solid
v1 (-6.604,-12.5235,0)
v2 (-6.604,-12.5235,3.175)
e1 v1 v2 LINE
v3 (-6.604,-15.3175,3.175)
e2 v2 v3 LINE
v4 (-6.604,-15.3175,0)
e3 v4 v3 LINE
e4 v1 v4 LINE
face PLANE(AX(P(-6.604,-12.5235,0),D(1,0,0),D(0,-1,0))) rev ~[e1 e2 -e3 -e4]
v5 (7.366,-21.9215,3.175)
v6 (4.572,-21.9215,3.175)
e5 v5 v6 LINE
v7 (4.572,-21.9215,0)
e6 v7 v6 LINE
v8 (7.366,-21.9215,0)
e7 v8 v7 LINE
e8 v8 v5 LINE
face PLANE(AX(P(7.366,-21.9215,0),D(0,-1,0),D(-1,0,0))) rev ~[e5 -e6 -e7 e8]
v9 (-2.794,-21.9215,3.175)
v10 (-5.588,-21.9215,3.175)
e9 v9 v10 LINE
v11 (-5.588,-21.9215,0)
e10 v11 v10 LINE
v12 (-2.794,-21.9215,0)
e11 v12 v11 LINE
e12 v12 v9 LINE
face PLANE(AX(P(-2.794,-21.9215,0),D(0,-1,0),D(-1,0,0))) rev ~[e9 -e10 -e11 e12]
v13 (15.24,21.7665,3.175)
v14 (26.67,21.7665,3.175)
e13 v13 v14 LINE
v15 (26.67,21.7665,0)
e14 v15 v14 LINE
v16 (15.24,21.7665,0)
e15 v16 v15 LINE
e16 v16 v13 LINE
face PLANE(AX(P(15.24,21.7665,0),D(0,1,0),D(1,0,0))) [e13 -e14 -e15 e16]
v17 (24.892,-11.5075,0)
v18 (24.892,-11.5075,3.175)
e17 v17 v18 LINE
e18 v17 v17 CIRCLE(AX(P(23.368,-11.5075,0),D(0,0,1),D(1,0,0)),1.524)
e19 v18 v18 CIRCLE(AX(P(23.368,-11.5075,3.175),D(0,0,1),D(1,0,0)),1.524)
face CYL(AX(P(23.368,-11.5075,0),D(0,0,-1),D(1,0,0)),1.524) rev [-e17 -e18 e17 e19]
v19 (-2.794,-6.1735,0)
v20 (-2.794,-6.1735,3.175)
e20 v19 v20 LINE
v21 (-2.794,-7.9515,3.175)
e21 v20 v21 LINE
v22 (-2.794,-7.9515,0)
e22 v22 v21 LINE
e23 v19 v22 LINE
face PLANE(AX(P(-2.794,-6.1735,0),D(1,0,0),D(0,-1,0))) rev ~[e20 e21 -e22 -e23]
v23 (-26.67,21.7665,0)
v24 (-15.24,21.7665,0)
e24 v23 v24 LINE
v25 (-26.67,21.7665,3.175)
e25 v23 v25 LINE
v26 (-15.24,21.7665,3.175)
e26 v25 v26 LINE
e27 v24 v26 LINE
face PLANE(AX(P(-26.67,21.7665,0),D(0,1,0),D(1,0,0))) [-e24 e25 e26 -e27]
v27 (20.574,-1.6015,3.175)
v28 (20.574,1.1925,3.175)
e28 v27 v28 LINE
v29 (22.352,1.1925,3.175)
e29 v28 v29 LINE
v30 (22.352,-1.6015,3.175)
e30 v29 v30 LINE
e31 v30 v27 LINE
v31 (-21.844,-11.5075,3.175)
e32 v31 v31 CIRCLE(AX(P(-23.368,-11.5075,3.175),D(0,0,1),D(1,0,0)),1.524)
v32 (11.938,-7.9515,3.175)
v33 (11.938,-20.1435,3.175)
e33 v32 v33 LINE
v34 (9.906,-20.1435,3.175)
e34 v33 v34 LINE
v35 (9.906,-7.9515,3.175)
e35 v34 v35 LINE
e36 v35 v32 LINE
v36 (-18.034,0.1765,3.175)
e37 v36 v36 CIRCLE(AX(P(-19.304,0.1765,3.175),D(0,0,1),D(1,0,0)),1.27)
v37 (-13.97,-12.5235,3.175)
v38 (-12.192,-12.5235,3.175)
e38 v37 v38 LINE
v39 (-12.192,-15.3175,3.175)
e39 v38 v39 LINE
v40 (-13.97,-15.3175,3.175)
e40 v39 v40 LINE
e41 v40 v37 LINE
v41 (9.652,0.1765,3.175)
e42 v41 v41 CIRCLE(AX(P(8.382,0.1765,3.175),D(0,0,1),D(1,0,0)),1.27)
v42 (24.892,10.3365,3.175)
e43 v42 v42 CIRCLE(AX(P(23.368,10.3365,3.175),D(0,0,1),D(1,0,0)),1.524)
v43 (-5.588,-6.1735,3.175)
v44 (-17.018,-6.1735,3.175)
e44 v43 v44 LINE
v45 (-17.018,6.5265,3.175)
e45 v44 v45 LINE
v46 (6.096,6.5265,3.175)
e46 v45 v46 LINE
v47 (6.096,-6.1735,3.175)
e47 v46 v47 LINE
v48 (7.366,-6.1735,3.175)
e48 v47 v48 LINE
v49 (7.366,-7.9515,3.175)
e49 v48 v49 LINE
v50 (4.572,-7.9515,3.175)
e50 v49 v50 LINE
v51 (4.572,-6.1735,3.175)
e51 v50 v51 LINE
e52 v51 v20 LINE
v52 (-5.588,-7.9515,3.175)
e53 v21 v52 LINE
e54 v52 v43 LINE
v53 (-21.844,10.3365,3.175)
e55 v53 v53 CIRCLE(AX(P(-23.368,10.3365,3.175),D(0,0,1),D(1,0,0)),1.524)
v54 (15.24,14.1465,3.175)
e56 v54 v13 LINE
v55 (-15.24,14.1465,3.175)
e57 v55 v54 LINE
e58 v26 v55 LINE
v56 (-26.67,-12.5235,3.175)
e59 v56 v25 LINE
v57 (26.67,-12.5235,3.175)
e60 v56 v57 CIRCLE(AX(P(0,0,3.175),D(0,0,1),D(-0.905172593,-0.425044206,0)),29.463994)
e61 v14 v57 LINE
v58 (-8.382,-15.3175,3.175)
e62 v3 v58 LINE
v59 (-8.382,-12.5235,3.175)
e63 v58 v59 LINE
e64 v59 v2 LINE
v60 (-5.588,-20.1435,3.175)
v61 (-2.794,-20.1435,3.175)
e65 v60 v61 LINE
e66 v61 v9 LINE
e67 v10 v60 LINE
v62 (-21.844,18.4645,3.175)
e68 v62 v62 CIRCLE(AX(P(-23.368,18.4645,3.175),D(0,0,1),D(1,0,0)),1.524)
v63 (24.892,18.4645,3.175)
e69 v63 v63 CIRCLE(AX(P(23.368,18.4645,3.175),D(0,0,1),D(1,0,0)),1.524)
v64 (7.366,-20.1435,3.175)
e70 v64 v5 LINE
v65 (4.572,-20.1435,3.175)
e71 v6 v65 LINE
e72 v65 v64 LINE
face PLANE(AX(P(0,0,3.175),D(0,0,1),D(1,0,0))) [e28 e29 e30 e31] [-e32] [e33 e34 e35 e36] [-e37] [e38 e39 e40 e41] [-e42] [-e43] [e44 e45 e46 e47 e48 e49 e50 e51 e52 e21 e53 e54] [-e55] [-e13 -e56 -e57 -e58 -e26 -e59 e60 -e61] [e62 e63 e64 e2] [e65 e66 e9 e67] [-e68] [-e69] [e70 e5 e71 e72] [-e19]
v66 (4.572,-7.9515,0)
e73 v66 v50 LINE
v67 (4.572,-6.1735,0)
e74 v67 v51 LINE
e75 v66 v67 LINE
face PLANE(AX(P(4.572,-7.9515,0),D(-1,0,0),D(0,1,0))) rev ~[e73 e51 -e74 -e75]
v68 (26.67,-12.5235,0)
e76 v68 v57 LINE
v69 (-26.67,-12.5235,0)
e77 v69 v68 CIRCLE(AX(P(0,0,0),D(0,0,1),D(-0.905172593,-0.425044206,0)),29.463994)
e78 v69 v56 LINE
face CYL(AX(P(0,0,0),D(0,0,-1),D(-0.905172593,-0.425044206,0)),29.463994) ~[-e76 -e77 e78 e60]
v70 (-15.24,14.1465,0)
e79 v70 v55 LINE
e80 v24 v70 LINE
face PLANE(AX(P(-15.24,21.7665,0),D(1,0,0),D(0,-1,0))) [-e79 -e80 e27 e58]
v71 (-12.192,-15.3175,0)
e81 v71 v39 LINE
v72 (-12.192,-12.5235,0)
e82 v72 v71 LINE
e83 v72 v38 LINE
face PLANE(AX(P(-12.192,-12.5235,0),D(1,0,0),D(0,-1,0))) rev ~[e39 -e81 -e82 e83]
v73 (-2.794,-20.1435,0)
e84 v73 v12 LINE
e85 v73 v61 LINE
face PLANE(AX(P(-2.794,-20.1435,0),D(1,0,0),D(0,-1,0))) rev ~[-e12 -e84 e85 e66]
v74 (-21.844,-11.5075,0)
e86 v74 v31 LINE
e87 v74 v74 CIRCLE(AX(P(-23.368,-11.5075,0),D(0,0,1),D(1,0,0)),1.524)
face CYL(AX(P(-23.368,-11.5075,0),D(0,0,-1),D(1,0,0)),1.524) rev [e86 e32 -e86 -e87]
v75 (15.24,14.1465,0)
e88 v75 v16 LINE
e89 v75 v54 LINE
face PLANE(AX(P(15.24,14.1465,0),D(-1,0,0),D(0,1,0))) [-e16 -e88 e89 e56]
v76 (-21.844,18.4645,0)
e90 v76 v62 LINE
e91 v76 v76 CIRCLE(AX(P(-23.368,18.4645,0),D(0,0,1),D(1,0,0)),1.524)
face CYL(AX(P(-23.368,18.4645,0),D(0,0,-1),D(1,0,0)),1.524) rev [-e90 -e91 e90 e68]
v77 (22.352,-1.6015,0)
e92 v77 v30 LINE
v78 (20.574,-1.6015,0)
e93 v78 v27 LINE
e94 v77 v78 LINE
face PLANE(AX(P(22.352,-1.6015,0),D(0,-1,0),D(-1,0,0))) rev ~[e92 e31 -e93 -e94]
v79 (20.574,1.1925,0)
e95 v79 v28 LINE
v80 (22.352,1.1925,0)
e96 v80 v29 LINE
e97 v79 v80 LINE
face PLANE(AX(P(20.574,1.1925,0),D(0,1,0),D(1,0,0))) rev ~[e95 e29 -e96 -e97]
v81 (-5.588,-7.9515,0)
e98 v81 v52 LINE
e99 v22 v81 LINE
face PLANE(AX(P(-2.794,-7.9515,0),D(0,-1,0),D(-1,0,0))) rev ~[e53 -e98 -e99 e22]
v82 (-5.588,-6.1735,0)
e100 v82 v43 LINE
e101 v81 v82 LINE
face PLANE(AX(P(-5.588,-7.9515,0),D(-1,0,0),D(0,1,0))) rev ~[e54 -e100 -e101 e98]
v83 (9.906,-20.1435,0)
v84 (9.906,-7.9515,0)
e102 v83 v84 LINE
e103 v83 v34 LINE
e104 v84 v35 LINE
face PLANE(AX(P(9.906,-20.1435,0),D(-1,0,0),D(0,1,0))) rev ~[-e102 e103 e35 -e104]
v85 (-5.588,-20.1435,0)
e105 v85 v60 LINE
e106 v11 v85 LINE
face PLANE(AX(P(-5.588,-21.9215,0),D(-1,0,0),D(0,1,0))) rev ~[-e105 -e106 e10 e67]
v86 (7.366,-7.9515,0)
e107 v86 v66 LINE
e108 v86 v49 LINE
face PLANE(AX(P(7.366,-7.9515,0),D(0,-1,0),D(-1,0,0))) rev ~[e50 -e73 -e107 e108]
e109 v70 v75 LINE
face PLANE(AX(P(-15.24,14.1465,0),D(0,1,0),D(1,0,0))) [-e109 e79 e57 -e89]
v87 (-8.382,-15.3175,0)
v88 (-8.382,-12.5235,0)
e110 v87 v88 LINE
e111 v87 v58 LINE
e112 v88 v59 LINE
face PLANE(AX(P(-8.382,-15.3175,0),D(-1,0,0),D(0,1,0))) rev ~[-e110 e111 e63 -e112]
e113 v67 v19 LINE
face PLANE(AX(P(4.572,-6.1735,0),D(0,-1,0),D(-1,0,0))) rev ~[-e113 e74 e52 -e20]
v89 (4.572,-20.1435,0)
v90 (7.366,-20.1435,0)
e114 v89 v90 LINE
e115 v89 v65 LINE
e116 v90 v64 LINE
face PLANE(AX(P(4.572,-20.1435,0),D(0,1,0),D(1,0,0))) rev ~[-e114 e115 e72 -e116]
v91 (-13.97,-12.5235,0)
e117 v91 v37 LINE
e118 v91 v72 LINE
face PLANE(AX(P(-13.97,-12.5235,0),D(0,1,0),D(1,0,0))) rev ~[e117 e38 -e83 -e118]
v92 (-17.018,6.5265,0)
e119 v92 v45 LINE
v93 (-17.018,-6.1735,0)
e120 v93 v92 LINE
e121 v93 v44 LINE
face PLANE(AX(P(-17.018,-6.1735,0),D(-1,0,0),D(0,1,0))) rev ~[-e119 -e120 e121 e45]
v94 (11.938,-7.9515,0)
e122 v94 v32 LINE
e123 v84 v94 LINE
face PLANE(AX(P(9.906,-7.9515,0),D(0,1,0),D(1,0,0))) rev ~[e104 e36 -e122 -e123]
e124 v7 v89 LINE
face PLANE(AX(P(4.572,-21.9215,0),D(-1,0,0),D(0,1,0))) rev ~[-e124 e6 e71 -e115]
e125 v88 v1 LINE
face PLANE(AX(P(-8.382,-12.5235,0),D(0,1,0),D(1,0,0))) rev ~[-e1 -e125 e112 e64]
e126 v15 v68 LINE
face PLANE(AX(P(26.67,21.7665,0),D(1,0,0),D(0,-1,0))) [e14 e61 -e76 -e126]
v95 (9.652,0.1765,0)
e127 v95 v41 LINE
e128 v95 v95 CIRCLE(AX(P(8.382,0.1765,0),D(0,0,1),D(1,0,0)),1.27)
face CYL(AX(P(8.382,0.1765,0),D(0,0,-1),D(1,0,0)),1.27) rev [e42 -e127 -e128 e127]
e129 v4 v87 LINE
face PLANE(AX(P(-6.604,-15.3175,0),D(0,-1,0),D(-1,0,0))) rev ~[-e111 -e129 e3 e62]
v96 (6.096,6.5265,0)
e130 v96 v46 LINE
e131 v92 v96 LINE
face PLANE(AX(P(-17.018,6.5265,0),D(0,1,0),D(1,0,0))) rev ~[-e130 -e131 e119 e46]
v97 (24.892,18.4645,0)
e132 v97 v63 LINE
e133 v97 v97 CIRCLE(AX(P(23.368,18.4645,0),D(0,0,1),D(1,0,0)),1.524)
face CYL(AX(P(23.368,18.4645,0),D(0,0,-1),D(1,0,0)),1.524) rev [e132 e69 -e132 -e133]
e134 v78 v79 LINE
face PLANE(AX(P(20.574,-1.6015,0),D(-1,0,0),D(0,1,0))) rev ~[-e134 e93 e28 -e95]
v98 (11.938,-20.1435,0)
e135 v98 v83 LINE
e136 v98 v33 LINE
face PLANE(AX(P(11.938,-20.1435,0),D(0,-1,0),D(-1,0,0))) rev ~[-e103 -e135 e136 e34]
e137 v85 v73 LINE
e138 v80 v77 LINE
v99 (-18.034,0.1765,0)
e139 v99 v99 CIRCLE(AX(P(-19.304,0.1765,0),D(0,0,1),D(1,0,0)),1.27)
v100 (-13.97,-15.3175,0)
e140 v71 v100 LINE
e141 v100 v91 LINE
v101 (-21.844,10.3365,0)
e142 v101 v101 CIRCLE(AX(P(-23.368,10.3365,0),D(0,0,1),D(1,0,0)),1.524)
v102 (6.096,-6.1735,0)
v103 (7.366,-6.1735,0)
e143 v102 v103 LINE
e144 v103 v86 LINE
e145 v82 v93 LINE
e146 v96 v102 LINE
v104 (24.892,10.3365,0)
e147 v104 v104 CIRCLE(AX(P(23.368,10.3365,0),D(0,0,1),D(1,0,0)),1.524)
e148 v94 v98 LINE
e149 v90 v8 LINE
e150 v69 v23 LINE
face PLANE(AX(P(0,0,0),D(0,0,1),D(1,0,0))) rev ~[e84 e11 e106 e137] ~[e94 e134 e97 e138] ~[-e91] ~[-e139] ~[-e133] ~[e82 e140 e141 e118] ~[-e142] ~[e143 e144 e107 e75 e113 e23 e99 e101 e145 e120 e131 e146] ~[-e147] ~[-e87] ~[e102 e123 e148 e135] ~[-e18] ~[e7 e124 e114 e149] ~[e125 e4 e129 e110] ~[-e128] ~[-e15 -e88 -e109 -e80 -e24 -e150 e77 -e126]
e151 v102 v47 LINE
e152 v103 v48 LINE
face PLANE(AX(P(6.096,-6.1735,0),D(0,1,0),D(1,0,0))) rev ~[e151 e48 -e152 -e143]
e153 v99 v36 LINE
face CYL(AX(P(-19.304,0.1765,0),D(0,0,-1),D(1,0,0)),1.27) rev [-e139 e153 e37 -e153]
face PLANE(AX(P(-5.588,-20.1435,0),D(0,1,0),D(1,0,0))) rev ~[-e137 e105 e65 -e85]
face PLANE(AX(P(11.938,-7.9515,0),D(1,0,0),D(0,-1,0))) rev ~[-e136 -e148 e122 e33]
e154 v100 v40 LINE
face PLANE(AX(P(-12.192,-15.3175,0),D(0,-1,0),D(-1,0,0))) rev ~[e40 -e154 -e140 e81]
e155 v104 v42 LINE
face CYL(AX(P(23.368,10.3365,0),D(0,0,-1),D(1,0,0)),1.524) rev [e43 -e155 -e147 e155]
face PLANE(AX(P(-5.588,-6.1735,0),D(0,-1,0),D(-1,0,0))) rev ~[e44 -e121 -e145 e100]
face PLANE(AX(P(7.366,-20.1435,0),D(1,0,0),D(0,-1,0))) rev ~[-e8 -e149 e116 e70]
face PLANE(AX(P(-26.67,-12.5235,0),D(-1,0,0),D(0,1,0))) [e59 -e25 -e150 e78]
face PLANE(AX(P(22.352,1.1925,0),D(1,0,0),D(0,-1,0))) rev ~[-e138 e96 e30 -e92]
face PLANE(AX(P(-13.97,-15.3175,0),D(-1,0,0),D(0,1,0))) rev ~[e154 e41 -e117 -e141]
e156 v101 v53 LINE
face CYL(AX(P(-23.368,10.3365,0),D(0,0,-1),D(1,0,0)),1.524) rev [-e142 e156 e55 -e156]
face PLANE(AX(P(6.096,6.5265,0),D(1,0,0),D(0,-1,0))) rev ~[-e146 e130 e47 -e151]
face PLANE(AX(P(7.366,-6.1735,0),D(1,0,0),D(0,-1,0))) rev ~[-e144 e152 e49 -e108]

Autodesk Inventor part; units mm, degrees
ref_plane "YZ Plane" through (0, 0, 0) normal (1, 0, 0) x (0, 1, 0)
ref_plane "XZ Plane" through (0, 0, 0) normal (0, 1, 0) x (-1, 0, 0)
ref_plane "XY Plane" through (0, 0, 0) normal (0, 0, 1) x (1, 0, 0)
sketch "Sketch1" plane through (0, 0, 0) normal (0, 0, 1) x (1, 0, 0)
  arc A0 (-26.67, -12.5235) -> (26.67, -12.5235) centre (0, 0) ccw
  line L0 (-26.67, -12.5235) -> (-26.67, 21.7665)
  line L1 (-26.67, 21.7665) -> (-15.24, 21.7665)
  line L2 (-15.24, 21.7665) -> (-15.24, 14.1465)
  line L3 (-15.24, 14.1465) -> (15.24, 14.1465)
  line L4 (15.24, 14.1465) -> (15.24, 21.7665)
  line L5 (15.24, 21.7665) -> (26.67, 21.7665)
  line L6 (26.67, 21.7665) -> (26.67, -12.5235)
  line L7 (-17.018, 6.5265) -> (6.096, 6.5265)
  line L8 (6.096, 6.5265) -> (6.096, -6.1735)
  line L9 (6.096, -6.1735) -> (-17.018, -6.1735)
  line L10 (-17.018, -6.1735) -> (-17.018, 6.5265)
  line L11 (-5.588, -6.1735) -> (-2.794, -6.1735)
  line L12 (-2.794, -6.1735) -> (-2.794, -7.9515)
  line L13 (-2.794, -7.9515) -> (-5.588, -7.9515)
  line L14 (-5.588, -7.9515) -> (-5.588, -6.1735)
  line L15 (4.572, -6.1735) -> (7.366, -6.1735)
  line L16 (7.366, -6.1735) -> (7.366, -7.9515)
  line L17 (7.366, -7.9515) -> (4.572, -7.9515)
  line L18 (4.572, -7.9515) -> (4.572, -6.1735)
  line L19 (9.906, -7.9515) -> (11.938, -7.9515)
  line L20 (11.938, -7.9515) -> (11.938, -20.1435)
  line L21 (11.938, -20.1435) -> (9.906, -20.1435)
  line L22 (9.906, -20.1435) -> (9.906, -7.9515)
  line L23 (-5.588, -20.1435) -> (-2.794, -20.1435)
  line L24 (-2.794, -20.1435) -> (-2.794, -21.9215)
  line L25 (-2.794, -21.9215) -> (-5.588, -21.9215)
  line L26 (-5.588, -21.9215) -> (-5.588, -20.1435)
  line L27 (-8.382, -12.5235) -> (-6.604, -12.5235)
  line L28 (-6.604, -12.5235) -> (-6.604, -15.3175)
  line L29 (-6.604, -15.3175) -> (-8.382, -15.3175)
  line L30 (-8.382, -15.3175) -> (-8.382, -12.5235)
  line L31 (-13.97, -12.5235) -> (-12.192, -12.5235)
  line L32 (-12.192, -12.5235) -> (-12.192, -15.3175)
  line L33 (-12.192, -15.3175) -> (-13.97, -15.3175)
  line L34 (-13.97, -15.3175) -> (-13.97, -12.5235)
  line L35 (20.574, 1.1925) -> (22.352, 1.1925)
  line L36 (22.352, 1.1925) -> (22.352, -1.6015)
  line L37 (22.352, -1.6015) -> (20.574, -1.6015)
  line L38 (20.574, -1.6015) -> (20.574, 1.1925)
  line L39 (4.572, -20.1435) -> (7.366, -20.1435)
  line L40 (7.366, -20.1435) -> (7.366, -21.9215)
  line L41 (7.366, -21.9215) -> (4.572, -21.9215)
  line L42 (4.572, -21.9215) -> (4.572, -20.1435)
  circle A1 centre (-23.368, 18.4645) radius 1.524
  circle A2 centre (-23.368, 10.3365) radius 1.524
  circle A3 centre (-23.368, -11.5075) radius 1.524
  circle A4 centre (-19.304, 0.1765) radius 1.27
  circle A5 centre (8.382, 0.1765) radius 1.27
  circle A6 centre (23.368, 18.4645) radius 1.524
  circle A7 centre (23.368, 10.3365) radius 1.524
  circle A8 centre (23.368, -11.5075) radius 1.524
  dimension "d0" = 29.464
  dimension "d1" = 34.29
  dimension "d2" = 11.43
  dimension "d3" = 7.62
  dimension "d4" = 30.48
  dimension "d5" = 2.794
  dimension "d6" = 12.7
  dimension "d7" = 23.114
  dimension "d8" = 7.62
  dimension "d9" = 9.652
  dimension "d10" = 1.778
  dimension "d11" = 12.954
  dimension "d12" = 4.318
  dimension "d13" = 12.192
  dimension "d14" = 7.366
  dimension "d15" = 2.032
  dimension "d16" = 2.54
  dimension "d17" = 1.27
  dimension "d18" = 1.016
  dimension "d19" = 4.572
  dimension "d20" = 3.81
  dimension "d21" = 3.048
  dimension "d22" = 2.54
  dimension "d23" = 3.302
  dimension "d24" = 3.302
  dimension "d25" = 3.302
  dimension "d26" = 3.302
  dimension "d27" = 8.128
  dimension "d28" = 21.844
  dimension "d29" = 2.286
  dimension "d30" = 2.286
  dimension "d31" = 6.35
extrude "Extrusion1" add sketch "Sketch1" along normal blind 3.175
properties part number "PixyCamGimbal Body"
